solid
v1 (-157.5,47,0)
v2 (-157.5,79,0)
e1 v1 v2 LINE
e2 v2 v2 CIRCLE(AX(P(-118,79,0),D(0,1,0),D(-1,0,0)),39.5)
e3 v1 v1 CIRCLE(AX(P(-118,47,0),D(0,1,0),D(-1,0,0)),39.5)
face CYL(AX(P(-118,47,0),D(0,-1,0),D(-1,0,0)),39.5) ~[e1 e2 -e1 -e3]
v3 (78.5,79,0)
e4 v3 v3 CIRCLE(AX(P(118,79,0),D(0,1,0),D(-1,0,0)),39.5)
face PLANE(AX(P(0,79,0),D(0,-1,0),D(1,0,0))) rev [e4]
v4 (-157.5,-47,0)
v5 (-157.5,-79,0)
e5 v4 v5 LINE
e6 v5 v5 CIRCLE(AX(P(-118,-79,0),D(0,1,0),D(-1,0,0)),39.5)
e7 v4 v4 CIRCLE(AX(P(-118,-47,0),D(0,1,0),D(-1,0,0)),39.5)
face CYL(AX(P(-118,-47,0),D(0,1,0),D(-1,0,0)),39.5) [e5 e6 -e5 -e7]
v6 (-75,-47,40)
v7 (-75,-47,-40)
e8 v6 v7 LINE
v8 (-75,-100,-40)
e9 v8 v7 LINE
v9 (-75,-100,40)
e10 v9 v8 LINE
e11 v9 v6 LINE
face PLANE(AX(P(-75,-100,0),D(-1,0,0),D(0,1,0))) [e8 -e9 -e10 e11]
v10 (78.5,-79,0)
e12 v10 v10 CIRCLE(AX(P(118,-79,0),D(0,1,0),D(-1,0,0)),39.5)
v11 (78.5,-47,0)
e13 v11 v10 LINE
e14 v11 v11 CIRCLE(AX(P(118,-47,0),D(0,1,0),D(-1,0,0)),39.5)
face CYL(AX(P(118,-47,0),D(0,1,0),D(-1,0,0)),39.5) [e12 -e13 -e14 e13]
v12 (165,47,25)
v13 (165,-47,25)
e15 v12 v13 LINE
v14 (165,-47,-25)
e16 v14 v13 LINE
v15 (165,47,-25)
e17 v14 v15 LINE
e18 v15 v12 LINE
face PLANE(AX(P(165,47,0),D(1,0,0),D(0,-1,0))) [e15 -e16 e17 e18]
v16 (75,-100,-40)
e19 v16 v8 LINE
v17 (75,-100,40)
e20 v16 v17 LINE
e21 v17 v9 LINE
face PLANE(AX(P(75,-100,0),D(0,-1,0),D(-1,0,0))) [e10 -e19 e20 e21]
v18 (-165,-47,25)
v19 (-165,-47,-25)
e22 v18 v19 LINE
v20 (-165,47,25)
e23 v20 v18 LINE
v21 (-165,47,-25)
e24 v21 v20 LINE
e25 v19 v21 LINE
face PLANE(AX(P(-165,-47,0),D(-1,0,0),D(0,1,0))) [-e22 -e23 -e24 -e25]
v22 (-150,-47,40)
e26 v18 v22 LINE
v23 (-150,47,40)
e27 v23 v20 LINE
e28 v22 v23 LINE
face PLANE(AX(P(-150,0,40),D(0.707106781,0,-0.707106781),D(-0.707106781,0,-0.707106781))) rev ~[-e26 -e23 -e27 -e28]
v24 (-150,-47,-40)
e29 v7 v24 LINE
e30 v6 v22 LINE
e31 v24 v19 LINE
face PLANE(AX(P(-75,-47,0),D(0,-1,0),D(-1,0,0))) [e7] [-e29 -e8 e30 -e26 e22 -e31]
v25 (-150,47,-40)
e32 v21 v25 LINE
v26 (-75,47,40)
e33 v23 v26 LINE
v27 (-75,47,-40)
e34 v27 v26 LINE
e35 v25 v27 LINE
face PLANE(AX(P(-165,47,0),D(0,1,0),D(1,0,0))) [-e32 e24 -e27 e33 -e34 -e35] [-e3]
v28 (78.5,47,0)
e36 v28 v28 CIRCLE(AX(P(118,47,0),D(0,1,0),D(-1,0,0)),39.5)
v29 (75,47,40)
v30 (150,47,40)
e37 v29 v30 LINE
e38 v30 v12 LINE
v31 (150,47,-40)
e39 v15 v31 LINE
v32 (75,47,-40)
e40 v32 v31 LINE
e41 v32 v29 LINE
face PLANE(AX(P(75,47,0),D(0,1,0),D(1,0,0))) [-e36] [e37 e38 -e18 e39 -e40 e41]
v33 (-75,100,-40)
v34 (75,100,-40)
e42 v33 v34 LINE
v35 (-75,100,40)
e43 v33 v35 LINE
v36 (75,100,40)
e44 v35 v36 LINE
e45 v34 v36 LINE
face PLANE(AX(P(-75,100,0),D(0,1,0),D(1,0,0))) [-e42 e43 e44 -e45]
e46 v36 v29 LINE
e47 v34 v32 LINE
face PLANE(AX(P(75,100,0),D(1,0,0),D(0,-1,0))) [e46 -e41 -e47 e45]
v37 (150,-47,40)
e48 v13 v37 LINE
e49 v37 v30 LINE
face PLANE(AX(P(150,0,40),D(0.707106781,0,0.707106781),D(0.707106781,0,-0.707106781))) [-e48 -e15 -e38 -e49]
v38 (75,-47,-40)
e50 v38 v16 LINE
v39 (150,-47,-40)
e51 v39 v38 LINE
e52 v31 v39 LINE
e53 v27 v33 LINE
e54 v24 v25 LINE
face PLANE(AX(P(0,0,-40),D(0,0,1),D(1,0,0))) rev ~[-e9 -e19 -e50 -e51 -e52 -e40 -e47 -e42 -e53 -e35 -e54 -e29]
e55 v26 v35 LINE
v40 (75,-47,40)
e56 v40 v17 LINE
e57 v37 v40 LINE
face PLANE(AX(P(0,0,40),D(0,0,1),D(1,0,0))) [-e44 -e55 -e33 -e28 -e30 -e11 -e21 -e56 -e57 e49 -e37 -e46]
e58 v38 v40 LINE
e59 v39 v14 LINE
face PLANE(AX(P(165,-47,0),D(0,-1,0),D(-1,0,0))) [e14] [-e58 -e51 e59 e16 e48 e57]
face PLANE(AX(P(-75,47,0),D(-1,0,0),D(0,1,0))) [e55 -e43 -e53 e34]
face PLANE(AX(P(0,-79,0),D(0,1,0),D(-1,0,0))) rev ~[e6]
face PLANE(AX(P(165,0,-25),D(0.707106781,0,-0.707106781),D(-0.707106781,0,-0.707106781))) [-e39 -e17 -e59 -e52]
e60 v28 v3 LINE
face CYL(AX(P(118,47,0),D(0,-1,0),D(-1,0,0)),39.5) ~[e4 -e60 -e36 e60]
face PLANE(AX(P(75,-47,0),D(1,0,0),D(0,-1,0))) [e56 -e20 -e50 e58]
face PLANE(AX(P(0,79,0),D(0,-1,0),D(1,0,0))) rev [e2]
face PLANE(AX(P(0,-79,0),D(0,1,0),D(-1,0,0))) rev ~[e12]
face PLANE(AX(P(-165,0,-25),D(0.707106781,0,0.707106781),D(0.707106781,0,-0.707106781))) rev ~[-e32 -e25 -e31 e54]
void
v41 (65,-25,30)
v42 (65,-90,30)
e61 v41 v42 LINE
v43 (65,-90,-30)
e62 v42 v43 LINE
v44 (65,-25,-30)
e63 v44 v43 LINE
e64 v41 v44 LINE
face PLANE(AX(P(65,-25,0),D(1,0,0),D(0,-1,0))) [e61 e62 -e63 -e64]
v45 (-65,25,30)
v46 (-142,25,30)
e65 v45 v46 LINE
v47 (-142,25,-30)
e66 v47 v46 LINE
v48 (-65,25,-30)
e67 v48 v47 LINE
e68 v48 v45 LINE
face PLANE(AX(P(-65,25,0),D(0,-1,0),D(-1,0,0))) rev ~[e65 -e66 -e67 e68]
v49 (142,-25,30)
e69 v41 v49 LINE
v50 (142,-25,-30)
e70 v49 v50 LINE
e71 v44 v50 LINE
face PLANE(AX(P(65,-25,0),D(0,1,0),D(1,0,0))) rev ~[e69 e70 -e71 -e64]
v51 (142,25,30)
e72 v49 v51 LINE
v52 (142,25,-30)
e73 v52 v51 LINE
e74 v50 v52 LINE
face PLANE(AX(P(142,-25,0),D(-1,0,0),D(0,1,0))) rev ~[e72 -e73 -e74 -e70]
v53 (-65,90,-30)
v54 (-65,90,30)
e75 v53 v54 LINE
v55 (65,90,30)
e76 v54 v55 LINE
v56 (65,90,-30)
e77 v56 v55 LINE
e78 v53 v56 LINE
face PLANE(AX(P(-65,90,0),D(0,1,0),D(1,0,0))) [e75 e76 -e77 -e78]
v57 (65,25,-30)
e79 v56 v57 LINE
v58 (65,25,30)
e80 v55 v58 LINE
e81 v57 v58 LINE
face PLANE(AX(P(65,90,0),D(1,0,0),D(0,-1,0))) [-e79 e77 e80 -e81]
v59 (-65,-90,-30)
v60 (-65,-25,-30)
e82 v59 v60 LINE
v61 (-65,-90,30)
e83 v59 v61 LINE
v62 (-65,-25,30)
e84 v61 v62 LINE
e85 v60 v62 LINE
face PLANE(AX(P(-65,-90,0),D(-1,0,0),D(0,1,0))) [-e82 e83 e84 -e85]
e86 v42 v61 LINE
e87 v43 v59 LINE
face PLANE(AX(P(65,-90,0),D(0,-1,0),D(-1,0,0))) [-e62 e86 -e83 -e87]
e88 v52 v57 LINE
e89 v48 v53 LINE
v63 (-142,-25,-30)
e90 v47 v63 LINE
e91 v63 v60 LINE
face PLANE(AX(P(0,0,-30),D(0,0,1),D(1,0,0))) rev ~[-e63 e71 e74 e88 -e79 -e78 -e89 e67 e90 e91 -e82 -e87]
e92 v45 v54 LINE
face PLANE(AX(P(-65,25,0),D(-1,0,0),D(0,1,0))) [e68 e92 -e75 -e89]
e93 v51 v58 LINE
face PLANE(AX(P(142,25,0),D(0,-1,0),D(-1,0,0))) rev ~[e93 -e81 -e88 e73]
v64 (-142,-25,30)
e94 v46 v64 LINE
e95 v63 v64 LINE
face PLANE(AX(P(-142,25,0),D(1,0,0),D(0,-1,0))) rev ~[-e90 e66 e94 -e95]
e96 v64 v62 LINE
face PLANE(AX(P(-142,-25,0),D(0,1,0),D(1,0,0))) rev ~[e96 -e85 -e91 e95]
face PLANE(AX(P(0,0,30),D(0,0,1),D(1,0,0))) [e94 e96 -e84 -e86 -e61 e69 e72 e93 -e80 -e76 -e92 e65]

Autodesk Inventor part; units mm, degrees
ref_plane "YZ Plane" through (0, 0, 0) normal (1, 0, 0) x (0, 1, 0)
ref_plane "XZ Plane" through (0, 0, 0) normal (0, 1, 0) x (-1, 0, 0)
ref_plane "XY Plane" through (0, 0, 0) normal (0, 0, 1) x (1, 0, 0)
sketch "Sketch4" plane through (0, 0, 0) normal (0, 0, 1) x (1, 0, 0)
  line L0 (75, -100) -> (-75, -100)
  line L1 (-75, -100) -> (-75, 100)
  line L2 (-75, 100) -> (75, 100)
  line L3 (75, 100) -> (75, -100)
  line L4 (75, -100) -> (-75, 100) construction
  line L5 (-75, -100) -> (75, 100) construction
  line L6 (165, -47) -> (-165, -47)
  line L7 (-165, -47) -> (-165, 47)
  line L8 (-165, 47) -> (165, 47)
  line L9 (165, 47) -> (165, -47)
  line L10 (165, -47) -> (-165, 47) construction
  line L11 (-165, -47) -> (165, 47) construction
  point P0 (0, 0)
  point P1 (0, 0)
  point P2 (0, 0)
  point P3 (75, 47)
  point P4 (-75, 47)
  point P5 (-75, -47)
  point P6 (75, -47)
  dimension "d17" = 94
  dimension "d18" = 330
  dimension "d19" = 150
  dimension "d20" = 200
extrude "Extrusion4" add sketch "Sketch4" along normal mid plane 80
sketch "Sketch5" plane through (0, 0, 0) normal (0, 1, 0) x (-1, 0, 0)
  circle A0 centre (-118, 0) radius 39.5
  circle A1 centre (118, 0) radius 39.5
  line L0 (75, 40) -> (-75, 40) construction
  line L1 (0, 40) -> (0, -40) construction
  line L2 (-75, -40) -> (75, -40) construction
  line L3 (-165, -40) -> (-165, 40) construction
  line L4 (-165, 0) -> (165, 0) construction
  line L5 (165, -40) -> (165, 40) construction
  circle A2 centre (-118, 0) radius 31.5
  circle A3 centre (118, 0) radius 31.5
  line L6 (-150, 40) -> (-165, 25)
  line L7 (-165, -25) -> (-150, -40)
  line L8 (-165, -40) -> (-75, -40) projected
  line L9 (165, 40) -> (75, 40) projected
  line L10 (150, 40) -> (165, 25)
  line L11 (165, -25) -> (150, -40)
  line L12 (-75, 40) -> (-165, 40) projected
  line L13 (75, -40) -> (165, -40) projected
  line L14 (-165, 40) -> (-165, -40)
  line L15 (165, 40) -> (165, -40)
  point P0 (0, 0)
  dimension "d23" = 79
  dimension "d24" = 236
  dimension "d39" = 63
  dimension "d42" = 15
  dimension "d43" = 45
extrude "Extrusion5" add sketch "Sketch5" against normal blind 32 from surface at -47 contours A0 | A1 | A2 | A3
sketch "Sketch6" plane through (0, 0, 0) normal (0, 0, 1) x (1, 0, 0)
  line L0 (142, 25) -> (-142, 25)
  line L1 (-142, 25) -> (-142, -25)
  line L2 (-142, -25) -> (142, -25)
  line L3 (142, -25) -> (142, 25)
  line L4 (142, 25) -> (-142, -25) construction
  line L5 (-142, 25) -> (142, -25) construction
  line L6 (-65, 90) -> (65, 90)
  line L7 (65, 90) -> (65, -90)
  line L8 (65, -90) -> (-65, -90)
  line L9 (-65, -90) -> (-65, 90)
  line L10 (-65, 90) -> (65, -90) construction
  line L11 (65, 90) -> (-65, -90) construction
  line L12 (75, -100) -> (-75, -100) projected
  line L13 (-75, 47) -> (-75, 100) projected
  line L14 (-165, -47) -> (-165, 47) projected
  line L15 (-75, -47) -> (-165, -47) projected
  point P0 (0, 0)
  point P1 (-65, -25)
  point P2 (65, -25)
  point P3 (65, 25)
  point P4 (-65, 25)
  dimension "d27" = 10
  dimension "d28" = 10
  dimension "d29" = 23
  dimension "d30" = 22
extrude "Extrusion6" cut sketch "Sketch6" along normal mid plane 60
extrude "Extrusion8" cut sketch "Sketch5" against normal through all both and the other way through all contours L7 L8 L14 | L6 L14 L12 | L15 L10 L9 | L15 L13 L11
mirror "Mirror1" about plane through (0, 0, 0) normal (0, 1, 0) of "Extrusion5"
properties part number "body_inventor"
